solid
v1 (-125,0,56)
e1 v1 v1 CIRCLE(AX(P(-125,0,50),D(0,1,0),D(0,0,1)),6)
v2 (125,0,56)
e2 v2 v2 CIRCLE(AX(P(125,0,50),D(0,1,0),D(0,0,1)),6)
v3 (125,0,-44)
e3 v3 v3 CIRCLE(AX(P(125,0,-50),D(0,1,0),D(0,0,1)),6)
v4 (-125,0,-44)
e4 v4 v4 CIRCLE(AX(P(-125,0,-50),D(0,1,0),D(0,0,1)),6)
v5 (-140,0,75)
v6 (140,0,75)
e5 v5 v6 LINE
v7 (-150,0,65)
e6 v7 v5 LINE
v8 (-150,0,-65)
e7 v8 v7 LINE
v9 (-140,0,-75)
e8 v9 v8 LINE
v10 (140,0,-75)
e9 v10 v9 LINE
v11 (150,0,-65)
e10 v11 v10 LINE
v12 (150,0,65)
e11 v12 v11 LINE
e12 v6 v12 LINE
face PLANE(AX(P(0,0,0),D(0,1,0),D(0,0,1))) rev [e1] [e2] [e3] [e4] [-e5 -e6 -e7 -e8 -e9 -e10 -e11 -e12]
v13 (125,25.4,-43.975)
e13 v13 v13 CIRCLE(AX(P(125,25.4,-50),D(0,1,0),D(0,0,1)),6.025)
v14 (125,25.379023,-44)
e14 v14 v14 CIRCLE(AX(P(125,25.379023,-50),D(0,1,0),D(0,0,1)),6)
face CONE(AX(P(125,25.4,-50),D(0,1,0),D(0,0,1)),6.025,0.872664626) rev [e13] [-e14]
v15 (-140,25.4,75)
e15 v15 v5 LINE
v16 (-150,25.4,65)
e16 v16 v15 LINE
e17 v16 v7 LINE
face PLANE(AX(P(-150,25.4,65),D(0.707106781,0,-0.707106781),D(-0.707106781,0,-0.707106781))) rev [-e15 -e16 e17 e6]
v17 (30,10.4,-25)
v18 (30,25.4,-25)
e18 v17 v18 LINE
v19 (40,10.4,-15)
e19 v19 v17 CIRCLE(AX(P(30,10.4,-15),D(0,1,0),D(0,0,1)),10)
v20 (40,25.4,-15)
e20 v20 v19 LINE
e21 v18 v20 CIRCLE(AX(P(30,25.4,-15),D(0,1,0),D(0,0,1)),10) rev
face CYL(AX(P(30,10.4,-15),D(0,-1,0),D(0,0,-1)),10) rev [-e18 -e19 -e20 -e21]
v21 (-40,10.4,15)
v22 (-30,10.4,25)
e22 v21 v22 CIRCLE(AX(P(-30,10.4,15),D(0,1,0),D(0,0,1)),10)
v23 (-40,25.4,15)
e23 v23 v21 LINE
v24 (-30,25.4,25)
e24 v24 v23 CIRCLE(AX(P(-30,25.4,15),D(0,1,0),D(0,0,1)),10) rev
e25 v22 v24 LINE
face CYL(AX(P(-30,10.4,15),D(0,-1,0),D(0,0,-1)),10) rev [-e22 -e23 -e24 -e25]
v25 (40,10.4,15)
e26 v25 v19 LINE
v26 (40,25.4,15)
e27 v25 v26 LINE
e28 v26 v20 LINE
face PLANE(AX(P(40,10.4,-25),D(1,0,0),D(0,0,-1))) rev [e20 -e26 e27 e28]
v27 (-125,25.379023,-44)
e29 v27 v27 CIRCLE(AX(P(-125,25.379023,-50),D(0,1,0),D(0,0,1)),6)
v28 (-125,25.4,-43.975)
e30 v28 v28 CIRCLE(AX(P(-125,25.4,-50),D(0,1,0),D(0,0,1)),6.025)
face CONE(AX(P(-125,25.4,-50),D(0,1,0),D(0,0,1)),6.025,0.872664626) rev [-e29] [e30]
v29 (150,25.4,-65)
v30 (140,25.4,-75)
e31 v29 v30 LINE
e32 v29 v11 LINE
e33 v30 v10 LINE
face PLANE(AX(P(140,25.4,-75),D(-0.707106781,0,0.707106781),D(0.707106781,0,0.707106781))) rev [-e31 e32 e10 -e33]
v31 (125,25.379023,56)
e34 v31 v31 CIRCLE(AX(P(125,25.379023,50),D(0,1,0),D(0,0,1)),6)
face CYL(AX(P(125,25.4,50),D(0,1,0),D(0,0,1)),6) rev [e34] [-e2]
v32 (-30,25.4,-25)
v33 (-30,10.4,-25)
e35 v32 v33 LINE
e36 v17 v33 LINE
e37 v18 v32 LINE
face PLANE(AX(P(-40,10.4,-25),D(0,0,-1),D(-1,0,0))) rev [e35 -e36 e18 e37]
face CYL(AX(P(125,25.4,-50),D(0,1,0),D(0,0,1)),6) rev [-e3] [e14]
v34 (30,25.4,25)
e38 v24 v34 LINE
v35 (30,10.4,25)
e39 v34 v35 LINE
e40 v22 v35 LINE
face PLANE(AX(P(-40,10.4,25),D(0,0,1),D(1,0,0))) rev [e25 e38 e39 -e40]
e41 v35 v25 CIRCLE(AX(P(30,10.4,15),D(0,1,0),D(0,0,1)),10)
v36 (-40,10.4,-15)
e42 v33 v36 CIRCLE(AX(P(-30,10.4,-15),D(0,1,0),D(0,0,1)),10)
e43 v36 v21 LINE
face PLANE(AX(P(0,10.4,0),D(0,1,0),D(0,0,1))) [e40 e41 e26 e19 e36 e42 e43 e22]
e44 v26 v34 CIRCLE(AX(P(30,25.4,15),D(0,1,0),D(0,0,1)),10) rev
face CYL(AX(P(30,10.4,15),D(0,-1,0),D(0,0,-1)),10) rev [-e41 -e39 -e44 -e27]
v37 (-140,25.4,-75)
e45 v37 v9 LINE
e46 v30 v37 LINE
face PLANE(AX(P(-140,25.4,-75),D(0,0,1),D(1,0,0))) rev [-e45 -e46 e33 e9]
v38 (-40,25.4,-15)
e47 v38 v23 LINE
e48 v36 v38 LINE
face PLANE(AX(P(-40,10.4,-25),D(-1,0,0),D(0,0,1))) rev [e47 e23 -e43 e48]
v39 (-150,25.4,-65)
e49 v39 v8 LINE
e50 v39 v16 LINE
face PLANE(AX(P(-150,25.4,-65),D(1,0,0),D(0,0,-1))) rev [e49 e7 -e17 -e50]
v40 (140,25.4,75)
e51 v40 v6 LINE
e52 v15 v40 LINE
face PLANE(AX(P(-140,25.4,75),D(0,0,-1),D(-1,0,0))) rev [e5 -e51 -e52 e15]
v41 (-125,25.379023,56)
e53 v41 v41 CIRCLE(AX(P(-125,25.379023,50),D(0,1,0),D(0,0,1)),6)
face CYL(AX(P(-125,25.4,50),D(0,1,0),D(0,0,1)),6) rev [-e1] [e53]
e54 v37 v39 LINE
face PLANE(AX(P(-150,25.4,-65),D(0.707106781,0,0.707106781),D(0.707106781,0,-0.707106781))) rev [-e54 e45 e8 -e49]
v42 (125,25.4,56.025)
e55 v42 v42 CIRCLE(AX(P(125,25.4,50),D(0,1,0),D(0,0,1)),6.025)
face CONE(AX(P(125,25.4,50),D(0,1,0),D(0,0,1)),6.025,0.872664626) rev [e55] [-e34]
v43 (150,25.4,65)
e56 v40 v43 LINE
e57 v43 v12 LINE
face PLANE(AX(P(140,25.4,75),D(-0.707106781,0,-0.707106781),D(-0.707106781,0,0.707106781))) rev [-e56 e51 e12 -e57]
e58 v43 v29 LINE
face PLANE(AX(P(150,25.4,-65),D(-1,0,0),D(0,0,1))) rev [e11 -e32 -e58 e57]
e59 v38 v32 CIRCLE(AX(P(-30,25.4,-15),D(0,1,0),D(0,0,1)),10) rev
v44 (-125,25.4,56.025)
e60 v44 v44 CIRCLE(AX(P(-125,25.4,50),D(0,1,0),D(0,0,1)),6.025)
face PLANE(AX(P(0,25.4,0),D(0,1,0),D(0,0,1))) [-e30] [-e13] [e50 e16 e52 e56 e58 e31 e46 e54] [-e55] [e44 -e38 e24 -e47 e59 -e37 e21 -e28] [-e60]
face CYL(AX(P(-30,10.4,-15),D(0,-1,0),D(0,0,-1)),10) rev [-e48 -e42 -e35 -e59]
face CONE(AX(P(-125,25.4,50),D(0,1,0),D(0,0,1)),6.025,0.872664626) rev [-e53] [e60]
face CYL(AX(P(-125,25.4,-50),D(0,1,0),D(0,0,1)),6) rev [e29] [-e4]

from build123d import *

# Parameters (mm, degrees)
BOSS_EXTRUDE1_DEPTH              = 25.4
SKETCH4_W                        = 80
SKETCH4_H                        = 50
CUT_EXTRUDE1_DEPTH               = 15
FILLET1_R                        = 10
F_12_0MM_DOWEL_HOLE1_D           = 12
F_12_0MM_DOWEL_HOLE1_CSINK_D     = 12.05
F_12_0MM_DOWEL_HOLE1_CSINK_ANGLE = 100


with BuildPart() as part:
    # Sketch1 → Boss-Extrude1 (new body)
    with BuildSketch(Plane(origin=(0, 0, 0), x_dir=(1, 0, 0), z_dir=(0, 1, 0))):
        Polygon((-150, 65), (-140, 75), (140, 75), (150, 65), (150, -65), (140, -75), (-140, -75), (-150, -65), align=None)
    extrude(amount=BOSS_EXTRUDE1_DEPTH)

    # Sketch4 → Cut-Extrude1 (cut)
    with BuildSketch(Plane(origin=(0, 25.4, 0), x_dir=(1, 0, 0), z_dir=(0, 1, 0))):
        Rectangle(SKETCH4_W, SKETCH4_H)
    extrude(amount=-CUT_EXTRUDE1_DEPTH, mode=Mode.SUBTRACT)

    # Fillet1
    fillet1_edges = [part.edges().sort_by_distance(p)[0] for p in [
        (40, 17.9, -25),
        (40, 17.9, 25),
        (-40, 17.9, 25),
        (-40, 17.9, -25),
    ]]
    fillet(fillet1_edges, radius=FILLET1_R)

    # Ø12.0mm Dowel Hole1 (through all)
    with Locations(Plane(origin=(0, 25.4, 0), x_dir=(1, 0, 0), z_dir=(0, 1, 0))):
        with Locations((-125, 50), (125, 50), (125, -50), (-125, -50)):
            CounterSinkHole(F_12_0MM_DOWEL_HOLE1_D / 2, F_12_0MM_DOWEL_HOLE1_CSINK_D / 2, counter_sink_angle=F_12_0MM_DOWEL_HOLE1_CSINK_ANGLE)


solid = part.part
